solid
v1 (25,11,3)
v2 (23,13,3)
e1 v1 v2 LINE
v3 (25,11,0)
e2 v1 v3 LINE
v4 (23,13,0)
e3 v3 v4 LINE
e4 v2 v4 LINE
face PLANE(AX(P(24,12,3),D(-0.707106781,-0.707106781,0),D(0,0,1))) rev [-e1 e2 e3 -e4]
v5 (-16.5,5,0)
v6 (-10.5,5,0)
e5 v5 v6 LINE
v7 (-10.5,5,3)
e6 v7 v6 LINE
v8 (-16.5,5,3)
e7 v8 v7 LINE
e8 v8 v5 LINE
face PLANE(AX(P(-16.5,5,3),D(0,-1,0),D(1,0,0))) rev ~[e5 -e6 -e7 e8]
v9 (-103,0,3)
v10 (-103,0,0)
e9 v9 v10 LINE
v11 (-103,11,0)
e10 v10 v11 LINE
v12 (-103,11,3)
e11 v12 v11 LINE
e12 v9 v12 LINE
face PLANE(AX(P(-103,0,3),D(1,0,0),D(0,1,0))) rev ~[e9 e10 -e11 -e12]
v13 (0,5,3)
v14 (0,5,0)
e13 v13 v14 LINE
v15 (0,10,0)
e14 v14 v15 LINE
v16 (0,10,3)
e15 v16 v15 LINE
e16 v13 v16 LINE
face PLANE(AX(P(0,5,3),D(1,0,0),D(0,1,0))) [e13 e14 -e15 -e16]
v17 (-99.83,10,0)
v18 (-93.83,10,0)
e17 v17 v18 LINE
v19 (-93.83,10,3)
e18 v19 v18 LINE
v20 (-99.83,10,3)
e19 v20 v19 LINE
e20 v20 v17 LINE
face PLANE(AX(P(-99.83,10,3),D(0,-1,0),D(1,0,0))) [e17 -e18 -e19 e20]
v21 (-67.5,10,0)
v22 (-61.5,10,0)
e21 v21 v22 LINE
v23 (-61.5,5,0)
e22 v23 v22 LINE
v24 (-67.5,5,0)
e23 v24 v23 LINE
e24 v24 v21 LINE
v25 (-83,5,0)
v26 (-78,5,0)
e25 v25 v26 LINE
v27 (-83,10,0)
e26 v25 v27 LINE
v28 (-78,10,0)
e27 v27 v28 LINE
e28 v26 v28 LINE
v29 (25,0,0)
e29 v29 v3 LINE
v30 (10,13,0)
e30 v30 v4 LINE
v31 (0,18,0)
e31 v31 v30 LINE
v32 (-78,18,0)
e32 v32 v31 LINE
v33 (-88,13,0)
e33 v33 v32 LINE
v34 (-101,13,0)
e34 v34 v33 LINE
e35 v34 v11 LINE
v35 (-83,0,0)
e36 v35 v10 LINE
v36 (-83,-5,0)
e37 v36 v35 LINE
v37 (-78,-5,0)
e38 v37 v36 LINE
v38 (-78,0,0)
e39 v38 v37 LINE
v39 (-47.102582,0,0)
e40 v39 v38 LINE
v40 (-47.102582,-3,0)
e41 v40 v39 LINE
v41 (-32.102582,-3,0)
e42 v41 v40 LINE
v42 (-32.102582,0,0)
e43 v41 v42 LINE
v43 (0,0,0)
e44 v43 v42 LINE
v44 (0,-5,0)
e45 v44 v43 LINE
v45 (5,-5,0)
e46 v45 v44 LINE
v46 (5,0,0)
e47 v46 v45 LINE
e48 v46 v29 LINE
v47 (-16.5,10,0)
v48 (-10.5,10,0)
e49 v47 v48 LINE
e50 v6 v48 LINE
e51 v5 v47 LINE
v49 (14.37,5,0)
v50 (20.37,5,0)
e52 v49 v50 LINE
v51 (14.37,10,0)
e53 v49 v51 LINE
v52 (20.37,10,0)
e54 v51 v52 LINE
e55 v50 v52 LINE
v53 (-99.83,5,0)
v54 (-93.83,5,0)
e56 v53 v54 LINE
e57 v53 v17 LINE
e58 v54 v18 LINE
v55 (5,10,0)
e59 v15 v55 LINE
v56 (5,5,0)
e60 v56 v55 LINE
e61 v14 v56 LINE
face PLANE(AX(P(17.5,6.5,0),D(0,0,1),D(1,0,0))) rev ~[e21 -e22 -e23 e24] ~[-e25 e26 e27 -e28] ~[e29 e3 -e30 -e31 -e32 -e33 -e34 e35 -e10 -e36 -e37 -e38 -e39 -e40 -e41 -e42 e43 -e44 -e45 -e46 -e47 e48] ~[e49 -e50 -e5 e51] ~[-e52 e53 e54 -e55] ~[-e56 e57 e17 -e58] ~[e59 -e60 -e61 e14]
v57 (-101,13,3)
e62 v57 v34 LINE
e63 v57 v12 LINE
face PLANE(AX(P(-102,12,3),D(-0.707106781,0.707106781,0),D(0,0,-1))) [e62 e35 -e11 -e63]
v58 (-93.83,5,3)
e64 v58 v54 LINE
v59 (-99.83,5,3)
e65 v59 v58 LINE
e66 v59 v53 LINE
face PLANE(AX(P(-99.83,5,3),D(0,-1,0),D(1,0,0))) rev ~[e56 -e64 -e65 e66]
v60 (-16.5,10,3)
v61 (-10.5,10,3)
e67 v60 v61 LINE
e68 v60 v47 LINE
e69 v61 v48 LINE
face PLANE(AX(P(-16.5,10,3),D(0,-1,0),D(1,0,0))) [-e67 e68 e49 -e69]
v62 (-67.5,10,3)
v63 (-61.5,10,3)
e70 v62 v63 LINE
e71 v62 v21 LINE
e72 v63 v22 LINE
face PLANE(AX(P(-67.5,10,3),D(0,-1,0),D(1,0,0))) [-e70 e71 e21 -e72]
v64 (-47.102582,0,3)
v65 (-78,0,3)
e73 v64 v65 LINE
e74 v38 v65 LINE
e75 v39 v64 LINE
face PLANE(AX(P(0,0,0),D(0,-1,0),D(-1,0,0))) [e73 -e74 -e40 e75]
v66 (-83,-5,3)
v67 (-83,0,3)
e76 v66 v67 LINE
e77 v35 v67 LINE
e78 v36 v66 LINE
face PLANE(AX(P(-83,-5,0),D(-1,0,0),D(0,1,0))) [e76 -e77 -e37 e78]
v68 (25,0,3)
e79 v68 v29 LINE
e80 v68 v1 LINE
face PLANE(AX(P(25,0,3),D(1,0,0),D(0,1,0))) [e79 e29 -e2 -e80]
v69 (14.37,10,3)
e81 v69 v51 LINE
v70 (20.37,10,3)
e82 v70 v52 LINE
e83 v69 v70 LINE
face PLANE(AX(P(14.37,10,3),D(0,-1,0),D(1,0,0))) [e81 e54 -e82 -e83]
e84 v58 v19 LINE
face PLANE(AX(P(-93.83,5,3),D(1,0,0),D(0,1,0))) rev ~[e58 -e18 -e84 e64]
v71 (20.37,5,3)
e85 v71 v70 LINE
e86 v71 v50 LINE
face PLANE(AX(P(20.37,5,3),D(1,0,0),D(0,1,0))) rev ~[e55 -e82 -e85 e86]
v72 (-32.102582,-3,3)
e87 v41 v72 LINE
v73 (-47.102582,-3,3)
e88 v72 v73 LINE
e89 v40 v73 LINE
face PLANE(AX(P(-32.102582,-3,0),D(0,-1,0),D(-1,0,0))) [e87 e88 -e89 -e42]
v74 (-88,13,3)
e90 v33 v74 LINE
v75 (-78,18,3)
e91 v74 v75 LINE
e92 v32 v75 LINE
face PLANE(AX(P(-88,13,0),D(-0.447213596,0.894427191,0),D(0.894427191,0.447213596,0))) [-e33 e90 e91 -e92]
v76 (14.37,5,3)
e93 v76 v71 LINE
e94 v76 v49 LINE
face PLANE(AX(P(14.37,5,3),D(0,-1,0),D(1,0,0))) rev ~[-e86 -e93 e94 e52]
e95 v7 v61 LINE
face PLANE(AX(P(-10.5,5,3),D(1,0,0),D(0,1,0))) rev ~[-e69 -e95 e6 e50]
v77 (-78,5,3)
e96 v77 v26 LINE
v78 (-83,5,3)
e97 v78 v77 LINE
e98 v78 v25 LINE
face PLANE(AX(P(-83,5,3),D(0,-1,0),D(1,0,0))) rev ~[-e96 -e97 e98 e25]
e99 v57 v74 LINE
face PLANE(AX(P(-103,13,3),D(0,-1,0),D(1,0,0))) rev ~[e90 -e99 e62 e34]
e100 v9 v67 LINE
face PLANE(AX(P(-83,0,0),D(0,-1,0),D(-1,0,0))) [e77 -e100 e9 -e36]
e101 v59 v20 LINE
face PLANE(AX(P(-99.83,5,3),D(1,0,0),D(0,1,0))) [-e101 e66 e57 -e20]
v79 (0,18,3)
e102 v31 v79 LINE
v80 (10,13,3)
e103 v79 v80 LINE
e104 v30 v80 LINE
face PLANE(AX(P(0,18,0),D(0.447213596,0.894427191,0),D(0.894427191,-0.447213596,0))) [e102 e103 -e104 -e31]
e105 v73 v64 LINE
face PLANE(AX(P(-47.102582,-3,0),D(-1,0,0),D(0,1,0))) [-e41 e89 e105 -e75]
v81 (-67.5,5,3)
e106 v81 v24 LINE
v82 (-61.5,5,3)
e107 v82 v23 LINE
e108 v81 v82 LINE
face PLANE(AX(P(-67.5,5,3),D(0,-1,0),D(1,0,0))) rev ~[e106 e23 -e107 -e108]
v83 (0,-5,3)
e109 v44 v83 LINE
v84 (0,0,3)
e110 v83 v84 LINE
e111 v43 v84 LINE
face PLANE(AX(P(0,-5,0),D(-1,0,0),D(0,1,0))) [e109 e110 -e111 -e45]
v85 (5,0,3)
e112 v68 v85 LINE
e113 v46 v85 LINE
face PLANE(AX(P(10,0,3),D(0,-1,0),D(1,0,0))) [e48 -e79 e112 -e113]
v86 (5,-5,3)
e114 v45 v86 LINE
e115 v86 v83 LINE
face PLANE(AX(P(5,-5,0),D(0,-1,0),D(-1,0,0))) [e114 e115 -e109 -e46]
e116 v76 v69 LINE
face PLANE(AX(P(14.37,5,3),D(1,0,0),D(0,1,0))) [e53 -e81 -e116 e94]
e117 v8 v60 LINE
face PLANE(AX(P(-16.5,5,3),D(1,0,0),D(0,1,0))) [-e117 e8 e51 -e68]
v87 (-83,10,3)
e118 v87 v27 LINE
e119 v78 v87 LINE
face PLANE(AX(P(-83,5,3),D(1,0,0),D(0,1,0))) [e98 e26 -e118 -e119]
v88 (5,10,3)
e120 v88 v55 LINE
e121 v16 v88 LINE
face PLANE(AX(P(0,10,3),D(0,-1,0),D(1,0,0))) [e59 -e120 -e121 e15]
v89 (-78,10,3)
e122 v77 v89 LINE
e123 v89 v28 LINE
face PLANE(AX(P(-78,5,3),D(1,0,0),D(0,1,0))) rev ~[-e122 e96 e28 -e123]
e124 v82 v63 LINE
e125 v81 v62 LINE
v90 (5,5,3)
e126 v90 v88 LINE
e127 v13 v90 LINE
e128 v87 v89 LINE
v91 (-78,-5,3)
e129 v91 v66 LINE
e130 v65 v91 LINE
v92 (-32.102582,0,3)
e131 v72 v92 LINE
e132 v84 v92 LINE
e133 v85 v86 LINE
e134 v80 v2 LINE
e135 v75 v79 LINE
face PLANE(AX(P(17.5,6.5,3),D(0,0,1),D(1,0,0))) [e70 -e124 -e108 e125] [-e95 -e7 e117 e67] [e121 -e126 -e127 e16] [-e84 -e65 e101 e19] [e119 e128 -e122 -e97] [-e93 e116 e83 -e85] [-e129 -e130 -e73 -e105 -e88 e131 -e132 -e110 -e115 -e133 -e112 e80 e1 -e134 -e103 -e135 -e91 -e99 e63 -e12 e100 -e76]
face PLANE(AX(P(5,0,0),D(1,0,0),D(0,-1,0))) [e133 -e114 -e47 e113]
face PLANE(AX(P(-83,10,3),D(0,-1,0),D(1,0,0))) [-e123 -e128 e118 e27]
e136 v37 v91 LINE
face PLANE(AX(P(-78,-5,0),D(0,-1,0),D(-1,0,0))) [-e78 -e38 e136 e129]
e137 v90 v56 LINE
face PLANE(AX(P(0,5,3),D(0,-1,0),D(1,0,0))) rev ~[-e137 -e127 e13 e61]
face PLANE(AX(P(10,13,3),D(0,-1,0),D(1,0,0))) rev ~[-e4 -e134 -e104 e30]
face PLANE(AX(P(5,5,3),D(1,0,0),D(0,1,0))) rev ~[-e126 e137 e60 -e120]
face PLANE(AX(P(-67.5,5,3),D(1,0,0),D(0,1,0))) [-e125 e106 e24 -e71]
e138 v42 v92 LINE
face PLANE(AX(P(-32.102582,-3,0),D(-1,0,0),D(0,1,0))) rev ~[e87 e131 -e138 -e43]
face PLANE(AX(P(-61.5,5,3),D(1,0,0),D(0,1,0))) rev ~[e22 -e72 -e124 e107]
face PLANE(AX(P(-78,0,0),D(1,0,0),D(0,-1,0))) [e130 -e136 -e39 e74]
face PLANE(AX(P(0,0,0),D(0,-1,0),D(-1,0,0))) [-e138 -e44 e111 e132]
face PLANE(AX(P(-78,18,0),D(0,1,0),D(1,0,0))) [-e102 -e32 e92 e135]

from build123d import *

# Parameters (mm, degrees)
BOSS_EXTRUDE1_DEPTH = 3
SKETCH3_W           = 15
SKETCH3_H           = 13
BOSS_EXTRUDE2_DEPTH = 3
SKETCH2_W           = 6
SKETCH2_H           = 5
SKETCH2_W_2         = 5
CUT_EXTRUDE1_DEPTH  = 3
CHAMFER1_SIZE       = 2
SKETCH4_W           = 15
SKETCH4_H           = 3
BOSS_EXTRUDE3_DEPTH = 3


with BuildPart() as part:
    # Sketch1 → Boss-Extrude1 (new body)
    with BuildSketch(Plane.XY):
        Polygon((0, 0), (-78, 0), (-78, -5), (-83, -5), (-83, 0), (-88, 0), (-88, 13), (-78, 18), (0, 18), (10, 13), (10, 0), (5, 0), (5, -5), (0, -5), align=None)
    extrude(amount=BOSS_EXTRUDE1_DEPTH)

    # Sketch3 → Boss-Extrude2 (add)
    with BuildSketch(Plane.XY.offset(3)):
        with Locations((17.5, 6.5)):
            Rectangle(SKETCH3_W, SKETCH3_H)
        with Locations((-95.5, 6.5)):
            Rectangle(SKETCH3_W, SKETCH3_H)
    extrude(amount=-BOSS_EXTRUDE2_DEPTH)

    # Sketch2 → Cut-Extrude1 (cut)
    with BuildSketch(Plane.XY.offset(3)):
        with Locations((-64.5, 7.5)):
            Rectangle(SKETCH2_W, SKETCH2_H)
        with Locations((-13.5, 7.5)):
            Rectangle(SKETCH2_W, SKETCH2_H)
        with Locations((2.5, 7.5)):
            Rectangle(SKETCH2_W_2, SKETCH2_H)
        with Locations((-80.5, 7.5)):
            Rectangle(SKETCH2_W_2, SKETCH2_H)
        with Locations((17.37, 7.5)):
            Rectangle(SKETCH2_W, SKETCH2_H)
        with Locations((-96.83, 7.5)):
            Rectangle(SKETCH2_W, SKETCH2_H)
    extrude(amount=-CUT_EXTRUDE1_DEPTH, mode=Mode.SUBTRACT)

    # Chamfer1
    chamfer1_edges = [part.edges().sort_by_distance(p)[0] for p in [
        (25, 13, 1.5),
        (-103, 13, 1.5),
    ]]
    chamfer(chamfer1_edges, length=CHAMFER1_SIZE)

    # Sketch4 → Boss-Extrude3 (add)
    with BuildSketch(Plane(origin=(0, 0, 0), x_dir=(-1, 0, 0), z_dir=(0, 0, -1))):
        with Locations((39.602582465, -1.5)):
            Rectangle(SKETCH4_W, SKETCH4_H)
    extrude(amount=-BOSS_EXTRUDE3_DEPTH)


solid = part.part
